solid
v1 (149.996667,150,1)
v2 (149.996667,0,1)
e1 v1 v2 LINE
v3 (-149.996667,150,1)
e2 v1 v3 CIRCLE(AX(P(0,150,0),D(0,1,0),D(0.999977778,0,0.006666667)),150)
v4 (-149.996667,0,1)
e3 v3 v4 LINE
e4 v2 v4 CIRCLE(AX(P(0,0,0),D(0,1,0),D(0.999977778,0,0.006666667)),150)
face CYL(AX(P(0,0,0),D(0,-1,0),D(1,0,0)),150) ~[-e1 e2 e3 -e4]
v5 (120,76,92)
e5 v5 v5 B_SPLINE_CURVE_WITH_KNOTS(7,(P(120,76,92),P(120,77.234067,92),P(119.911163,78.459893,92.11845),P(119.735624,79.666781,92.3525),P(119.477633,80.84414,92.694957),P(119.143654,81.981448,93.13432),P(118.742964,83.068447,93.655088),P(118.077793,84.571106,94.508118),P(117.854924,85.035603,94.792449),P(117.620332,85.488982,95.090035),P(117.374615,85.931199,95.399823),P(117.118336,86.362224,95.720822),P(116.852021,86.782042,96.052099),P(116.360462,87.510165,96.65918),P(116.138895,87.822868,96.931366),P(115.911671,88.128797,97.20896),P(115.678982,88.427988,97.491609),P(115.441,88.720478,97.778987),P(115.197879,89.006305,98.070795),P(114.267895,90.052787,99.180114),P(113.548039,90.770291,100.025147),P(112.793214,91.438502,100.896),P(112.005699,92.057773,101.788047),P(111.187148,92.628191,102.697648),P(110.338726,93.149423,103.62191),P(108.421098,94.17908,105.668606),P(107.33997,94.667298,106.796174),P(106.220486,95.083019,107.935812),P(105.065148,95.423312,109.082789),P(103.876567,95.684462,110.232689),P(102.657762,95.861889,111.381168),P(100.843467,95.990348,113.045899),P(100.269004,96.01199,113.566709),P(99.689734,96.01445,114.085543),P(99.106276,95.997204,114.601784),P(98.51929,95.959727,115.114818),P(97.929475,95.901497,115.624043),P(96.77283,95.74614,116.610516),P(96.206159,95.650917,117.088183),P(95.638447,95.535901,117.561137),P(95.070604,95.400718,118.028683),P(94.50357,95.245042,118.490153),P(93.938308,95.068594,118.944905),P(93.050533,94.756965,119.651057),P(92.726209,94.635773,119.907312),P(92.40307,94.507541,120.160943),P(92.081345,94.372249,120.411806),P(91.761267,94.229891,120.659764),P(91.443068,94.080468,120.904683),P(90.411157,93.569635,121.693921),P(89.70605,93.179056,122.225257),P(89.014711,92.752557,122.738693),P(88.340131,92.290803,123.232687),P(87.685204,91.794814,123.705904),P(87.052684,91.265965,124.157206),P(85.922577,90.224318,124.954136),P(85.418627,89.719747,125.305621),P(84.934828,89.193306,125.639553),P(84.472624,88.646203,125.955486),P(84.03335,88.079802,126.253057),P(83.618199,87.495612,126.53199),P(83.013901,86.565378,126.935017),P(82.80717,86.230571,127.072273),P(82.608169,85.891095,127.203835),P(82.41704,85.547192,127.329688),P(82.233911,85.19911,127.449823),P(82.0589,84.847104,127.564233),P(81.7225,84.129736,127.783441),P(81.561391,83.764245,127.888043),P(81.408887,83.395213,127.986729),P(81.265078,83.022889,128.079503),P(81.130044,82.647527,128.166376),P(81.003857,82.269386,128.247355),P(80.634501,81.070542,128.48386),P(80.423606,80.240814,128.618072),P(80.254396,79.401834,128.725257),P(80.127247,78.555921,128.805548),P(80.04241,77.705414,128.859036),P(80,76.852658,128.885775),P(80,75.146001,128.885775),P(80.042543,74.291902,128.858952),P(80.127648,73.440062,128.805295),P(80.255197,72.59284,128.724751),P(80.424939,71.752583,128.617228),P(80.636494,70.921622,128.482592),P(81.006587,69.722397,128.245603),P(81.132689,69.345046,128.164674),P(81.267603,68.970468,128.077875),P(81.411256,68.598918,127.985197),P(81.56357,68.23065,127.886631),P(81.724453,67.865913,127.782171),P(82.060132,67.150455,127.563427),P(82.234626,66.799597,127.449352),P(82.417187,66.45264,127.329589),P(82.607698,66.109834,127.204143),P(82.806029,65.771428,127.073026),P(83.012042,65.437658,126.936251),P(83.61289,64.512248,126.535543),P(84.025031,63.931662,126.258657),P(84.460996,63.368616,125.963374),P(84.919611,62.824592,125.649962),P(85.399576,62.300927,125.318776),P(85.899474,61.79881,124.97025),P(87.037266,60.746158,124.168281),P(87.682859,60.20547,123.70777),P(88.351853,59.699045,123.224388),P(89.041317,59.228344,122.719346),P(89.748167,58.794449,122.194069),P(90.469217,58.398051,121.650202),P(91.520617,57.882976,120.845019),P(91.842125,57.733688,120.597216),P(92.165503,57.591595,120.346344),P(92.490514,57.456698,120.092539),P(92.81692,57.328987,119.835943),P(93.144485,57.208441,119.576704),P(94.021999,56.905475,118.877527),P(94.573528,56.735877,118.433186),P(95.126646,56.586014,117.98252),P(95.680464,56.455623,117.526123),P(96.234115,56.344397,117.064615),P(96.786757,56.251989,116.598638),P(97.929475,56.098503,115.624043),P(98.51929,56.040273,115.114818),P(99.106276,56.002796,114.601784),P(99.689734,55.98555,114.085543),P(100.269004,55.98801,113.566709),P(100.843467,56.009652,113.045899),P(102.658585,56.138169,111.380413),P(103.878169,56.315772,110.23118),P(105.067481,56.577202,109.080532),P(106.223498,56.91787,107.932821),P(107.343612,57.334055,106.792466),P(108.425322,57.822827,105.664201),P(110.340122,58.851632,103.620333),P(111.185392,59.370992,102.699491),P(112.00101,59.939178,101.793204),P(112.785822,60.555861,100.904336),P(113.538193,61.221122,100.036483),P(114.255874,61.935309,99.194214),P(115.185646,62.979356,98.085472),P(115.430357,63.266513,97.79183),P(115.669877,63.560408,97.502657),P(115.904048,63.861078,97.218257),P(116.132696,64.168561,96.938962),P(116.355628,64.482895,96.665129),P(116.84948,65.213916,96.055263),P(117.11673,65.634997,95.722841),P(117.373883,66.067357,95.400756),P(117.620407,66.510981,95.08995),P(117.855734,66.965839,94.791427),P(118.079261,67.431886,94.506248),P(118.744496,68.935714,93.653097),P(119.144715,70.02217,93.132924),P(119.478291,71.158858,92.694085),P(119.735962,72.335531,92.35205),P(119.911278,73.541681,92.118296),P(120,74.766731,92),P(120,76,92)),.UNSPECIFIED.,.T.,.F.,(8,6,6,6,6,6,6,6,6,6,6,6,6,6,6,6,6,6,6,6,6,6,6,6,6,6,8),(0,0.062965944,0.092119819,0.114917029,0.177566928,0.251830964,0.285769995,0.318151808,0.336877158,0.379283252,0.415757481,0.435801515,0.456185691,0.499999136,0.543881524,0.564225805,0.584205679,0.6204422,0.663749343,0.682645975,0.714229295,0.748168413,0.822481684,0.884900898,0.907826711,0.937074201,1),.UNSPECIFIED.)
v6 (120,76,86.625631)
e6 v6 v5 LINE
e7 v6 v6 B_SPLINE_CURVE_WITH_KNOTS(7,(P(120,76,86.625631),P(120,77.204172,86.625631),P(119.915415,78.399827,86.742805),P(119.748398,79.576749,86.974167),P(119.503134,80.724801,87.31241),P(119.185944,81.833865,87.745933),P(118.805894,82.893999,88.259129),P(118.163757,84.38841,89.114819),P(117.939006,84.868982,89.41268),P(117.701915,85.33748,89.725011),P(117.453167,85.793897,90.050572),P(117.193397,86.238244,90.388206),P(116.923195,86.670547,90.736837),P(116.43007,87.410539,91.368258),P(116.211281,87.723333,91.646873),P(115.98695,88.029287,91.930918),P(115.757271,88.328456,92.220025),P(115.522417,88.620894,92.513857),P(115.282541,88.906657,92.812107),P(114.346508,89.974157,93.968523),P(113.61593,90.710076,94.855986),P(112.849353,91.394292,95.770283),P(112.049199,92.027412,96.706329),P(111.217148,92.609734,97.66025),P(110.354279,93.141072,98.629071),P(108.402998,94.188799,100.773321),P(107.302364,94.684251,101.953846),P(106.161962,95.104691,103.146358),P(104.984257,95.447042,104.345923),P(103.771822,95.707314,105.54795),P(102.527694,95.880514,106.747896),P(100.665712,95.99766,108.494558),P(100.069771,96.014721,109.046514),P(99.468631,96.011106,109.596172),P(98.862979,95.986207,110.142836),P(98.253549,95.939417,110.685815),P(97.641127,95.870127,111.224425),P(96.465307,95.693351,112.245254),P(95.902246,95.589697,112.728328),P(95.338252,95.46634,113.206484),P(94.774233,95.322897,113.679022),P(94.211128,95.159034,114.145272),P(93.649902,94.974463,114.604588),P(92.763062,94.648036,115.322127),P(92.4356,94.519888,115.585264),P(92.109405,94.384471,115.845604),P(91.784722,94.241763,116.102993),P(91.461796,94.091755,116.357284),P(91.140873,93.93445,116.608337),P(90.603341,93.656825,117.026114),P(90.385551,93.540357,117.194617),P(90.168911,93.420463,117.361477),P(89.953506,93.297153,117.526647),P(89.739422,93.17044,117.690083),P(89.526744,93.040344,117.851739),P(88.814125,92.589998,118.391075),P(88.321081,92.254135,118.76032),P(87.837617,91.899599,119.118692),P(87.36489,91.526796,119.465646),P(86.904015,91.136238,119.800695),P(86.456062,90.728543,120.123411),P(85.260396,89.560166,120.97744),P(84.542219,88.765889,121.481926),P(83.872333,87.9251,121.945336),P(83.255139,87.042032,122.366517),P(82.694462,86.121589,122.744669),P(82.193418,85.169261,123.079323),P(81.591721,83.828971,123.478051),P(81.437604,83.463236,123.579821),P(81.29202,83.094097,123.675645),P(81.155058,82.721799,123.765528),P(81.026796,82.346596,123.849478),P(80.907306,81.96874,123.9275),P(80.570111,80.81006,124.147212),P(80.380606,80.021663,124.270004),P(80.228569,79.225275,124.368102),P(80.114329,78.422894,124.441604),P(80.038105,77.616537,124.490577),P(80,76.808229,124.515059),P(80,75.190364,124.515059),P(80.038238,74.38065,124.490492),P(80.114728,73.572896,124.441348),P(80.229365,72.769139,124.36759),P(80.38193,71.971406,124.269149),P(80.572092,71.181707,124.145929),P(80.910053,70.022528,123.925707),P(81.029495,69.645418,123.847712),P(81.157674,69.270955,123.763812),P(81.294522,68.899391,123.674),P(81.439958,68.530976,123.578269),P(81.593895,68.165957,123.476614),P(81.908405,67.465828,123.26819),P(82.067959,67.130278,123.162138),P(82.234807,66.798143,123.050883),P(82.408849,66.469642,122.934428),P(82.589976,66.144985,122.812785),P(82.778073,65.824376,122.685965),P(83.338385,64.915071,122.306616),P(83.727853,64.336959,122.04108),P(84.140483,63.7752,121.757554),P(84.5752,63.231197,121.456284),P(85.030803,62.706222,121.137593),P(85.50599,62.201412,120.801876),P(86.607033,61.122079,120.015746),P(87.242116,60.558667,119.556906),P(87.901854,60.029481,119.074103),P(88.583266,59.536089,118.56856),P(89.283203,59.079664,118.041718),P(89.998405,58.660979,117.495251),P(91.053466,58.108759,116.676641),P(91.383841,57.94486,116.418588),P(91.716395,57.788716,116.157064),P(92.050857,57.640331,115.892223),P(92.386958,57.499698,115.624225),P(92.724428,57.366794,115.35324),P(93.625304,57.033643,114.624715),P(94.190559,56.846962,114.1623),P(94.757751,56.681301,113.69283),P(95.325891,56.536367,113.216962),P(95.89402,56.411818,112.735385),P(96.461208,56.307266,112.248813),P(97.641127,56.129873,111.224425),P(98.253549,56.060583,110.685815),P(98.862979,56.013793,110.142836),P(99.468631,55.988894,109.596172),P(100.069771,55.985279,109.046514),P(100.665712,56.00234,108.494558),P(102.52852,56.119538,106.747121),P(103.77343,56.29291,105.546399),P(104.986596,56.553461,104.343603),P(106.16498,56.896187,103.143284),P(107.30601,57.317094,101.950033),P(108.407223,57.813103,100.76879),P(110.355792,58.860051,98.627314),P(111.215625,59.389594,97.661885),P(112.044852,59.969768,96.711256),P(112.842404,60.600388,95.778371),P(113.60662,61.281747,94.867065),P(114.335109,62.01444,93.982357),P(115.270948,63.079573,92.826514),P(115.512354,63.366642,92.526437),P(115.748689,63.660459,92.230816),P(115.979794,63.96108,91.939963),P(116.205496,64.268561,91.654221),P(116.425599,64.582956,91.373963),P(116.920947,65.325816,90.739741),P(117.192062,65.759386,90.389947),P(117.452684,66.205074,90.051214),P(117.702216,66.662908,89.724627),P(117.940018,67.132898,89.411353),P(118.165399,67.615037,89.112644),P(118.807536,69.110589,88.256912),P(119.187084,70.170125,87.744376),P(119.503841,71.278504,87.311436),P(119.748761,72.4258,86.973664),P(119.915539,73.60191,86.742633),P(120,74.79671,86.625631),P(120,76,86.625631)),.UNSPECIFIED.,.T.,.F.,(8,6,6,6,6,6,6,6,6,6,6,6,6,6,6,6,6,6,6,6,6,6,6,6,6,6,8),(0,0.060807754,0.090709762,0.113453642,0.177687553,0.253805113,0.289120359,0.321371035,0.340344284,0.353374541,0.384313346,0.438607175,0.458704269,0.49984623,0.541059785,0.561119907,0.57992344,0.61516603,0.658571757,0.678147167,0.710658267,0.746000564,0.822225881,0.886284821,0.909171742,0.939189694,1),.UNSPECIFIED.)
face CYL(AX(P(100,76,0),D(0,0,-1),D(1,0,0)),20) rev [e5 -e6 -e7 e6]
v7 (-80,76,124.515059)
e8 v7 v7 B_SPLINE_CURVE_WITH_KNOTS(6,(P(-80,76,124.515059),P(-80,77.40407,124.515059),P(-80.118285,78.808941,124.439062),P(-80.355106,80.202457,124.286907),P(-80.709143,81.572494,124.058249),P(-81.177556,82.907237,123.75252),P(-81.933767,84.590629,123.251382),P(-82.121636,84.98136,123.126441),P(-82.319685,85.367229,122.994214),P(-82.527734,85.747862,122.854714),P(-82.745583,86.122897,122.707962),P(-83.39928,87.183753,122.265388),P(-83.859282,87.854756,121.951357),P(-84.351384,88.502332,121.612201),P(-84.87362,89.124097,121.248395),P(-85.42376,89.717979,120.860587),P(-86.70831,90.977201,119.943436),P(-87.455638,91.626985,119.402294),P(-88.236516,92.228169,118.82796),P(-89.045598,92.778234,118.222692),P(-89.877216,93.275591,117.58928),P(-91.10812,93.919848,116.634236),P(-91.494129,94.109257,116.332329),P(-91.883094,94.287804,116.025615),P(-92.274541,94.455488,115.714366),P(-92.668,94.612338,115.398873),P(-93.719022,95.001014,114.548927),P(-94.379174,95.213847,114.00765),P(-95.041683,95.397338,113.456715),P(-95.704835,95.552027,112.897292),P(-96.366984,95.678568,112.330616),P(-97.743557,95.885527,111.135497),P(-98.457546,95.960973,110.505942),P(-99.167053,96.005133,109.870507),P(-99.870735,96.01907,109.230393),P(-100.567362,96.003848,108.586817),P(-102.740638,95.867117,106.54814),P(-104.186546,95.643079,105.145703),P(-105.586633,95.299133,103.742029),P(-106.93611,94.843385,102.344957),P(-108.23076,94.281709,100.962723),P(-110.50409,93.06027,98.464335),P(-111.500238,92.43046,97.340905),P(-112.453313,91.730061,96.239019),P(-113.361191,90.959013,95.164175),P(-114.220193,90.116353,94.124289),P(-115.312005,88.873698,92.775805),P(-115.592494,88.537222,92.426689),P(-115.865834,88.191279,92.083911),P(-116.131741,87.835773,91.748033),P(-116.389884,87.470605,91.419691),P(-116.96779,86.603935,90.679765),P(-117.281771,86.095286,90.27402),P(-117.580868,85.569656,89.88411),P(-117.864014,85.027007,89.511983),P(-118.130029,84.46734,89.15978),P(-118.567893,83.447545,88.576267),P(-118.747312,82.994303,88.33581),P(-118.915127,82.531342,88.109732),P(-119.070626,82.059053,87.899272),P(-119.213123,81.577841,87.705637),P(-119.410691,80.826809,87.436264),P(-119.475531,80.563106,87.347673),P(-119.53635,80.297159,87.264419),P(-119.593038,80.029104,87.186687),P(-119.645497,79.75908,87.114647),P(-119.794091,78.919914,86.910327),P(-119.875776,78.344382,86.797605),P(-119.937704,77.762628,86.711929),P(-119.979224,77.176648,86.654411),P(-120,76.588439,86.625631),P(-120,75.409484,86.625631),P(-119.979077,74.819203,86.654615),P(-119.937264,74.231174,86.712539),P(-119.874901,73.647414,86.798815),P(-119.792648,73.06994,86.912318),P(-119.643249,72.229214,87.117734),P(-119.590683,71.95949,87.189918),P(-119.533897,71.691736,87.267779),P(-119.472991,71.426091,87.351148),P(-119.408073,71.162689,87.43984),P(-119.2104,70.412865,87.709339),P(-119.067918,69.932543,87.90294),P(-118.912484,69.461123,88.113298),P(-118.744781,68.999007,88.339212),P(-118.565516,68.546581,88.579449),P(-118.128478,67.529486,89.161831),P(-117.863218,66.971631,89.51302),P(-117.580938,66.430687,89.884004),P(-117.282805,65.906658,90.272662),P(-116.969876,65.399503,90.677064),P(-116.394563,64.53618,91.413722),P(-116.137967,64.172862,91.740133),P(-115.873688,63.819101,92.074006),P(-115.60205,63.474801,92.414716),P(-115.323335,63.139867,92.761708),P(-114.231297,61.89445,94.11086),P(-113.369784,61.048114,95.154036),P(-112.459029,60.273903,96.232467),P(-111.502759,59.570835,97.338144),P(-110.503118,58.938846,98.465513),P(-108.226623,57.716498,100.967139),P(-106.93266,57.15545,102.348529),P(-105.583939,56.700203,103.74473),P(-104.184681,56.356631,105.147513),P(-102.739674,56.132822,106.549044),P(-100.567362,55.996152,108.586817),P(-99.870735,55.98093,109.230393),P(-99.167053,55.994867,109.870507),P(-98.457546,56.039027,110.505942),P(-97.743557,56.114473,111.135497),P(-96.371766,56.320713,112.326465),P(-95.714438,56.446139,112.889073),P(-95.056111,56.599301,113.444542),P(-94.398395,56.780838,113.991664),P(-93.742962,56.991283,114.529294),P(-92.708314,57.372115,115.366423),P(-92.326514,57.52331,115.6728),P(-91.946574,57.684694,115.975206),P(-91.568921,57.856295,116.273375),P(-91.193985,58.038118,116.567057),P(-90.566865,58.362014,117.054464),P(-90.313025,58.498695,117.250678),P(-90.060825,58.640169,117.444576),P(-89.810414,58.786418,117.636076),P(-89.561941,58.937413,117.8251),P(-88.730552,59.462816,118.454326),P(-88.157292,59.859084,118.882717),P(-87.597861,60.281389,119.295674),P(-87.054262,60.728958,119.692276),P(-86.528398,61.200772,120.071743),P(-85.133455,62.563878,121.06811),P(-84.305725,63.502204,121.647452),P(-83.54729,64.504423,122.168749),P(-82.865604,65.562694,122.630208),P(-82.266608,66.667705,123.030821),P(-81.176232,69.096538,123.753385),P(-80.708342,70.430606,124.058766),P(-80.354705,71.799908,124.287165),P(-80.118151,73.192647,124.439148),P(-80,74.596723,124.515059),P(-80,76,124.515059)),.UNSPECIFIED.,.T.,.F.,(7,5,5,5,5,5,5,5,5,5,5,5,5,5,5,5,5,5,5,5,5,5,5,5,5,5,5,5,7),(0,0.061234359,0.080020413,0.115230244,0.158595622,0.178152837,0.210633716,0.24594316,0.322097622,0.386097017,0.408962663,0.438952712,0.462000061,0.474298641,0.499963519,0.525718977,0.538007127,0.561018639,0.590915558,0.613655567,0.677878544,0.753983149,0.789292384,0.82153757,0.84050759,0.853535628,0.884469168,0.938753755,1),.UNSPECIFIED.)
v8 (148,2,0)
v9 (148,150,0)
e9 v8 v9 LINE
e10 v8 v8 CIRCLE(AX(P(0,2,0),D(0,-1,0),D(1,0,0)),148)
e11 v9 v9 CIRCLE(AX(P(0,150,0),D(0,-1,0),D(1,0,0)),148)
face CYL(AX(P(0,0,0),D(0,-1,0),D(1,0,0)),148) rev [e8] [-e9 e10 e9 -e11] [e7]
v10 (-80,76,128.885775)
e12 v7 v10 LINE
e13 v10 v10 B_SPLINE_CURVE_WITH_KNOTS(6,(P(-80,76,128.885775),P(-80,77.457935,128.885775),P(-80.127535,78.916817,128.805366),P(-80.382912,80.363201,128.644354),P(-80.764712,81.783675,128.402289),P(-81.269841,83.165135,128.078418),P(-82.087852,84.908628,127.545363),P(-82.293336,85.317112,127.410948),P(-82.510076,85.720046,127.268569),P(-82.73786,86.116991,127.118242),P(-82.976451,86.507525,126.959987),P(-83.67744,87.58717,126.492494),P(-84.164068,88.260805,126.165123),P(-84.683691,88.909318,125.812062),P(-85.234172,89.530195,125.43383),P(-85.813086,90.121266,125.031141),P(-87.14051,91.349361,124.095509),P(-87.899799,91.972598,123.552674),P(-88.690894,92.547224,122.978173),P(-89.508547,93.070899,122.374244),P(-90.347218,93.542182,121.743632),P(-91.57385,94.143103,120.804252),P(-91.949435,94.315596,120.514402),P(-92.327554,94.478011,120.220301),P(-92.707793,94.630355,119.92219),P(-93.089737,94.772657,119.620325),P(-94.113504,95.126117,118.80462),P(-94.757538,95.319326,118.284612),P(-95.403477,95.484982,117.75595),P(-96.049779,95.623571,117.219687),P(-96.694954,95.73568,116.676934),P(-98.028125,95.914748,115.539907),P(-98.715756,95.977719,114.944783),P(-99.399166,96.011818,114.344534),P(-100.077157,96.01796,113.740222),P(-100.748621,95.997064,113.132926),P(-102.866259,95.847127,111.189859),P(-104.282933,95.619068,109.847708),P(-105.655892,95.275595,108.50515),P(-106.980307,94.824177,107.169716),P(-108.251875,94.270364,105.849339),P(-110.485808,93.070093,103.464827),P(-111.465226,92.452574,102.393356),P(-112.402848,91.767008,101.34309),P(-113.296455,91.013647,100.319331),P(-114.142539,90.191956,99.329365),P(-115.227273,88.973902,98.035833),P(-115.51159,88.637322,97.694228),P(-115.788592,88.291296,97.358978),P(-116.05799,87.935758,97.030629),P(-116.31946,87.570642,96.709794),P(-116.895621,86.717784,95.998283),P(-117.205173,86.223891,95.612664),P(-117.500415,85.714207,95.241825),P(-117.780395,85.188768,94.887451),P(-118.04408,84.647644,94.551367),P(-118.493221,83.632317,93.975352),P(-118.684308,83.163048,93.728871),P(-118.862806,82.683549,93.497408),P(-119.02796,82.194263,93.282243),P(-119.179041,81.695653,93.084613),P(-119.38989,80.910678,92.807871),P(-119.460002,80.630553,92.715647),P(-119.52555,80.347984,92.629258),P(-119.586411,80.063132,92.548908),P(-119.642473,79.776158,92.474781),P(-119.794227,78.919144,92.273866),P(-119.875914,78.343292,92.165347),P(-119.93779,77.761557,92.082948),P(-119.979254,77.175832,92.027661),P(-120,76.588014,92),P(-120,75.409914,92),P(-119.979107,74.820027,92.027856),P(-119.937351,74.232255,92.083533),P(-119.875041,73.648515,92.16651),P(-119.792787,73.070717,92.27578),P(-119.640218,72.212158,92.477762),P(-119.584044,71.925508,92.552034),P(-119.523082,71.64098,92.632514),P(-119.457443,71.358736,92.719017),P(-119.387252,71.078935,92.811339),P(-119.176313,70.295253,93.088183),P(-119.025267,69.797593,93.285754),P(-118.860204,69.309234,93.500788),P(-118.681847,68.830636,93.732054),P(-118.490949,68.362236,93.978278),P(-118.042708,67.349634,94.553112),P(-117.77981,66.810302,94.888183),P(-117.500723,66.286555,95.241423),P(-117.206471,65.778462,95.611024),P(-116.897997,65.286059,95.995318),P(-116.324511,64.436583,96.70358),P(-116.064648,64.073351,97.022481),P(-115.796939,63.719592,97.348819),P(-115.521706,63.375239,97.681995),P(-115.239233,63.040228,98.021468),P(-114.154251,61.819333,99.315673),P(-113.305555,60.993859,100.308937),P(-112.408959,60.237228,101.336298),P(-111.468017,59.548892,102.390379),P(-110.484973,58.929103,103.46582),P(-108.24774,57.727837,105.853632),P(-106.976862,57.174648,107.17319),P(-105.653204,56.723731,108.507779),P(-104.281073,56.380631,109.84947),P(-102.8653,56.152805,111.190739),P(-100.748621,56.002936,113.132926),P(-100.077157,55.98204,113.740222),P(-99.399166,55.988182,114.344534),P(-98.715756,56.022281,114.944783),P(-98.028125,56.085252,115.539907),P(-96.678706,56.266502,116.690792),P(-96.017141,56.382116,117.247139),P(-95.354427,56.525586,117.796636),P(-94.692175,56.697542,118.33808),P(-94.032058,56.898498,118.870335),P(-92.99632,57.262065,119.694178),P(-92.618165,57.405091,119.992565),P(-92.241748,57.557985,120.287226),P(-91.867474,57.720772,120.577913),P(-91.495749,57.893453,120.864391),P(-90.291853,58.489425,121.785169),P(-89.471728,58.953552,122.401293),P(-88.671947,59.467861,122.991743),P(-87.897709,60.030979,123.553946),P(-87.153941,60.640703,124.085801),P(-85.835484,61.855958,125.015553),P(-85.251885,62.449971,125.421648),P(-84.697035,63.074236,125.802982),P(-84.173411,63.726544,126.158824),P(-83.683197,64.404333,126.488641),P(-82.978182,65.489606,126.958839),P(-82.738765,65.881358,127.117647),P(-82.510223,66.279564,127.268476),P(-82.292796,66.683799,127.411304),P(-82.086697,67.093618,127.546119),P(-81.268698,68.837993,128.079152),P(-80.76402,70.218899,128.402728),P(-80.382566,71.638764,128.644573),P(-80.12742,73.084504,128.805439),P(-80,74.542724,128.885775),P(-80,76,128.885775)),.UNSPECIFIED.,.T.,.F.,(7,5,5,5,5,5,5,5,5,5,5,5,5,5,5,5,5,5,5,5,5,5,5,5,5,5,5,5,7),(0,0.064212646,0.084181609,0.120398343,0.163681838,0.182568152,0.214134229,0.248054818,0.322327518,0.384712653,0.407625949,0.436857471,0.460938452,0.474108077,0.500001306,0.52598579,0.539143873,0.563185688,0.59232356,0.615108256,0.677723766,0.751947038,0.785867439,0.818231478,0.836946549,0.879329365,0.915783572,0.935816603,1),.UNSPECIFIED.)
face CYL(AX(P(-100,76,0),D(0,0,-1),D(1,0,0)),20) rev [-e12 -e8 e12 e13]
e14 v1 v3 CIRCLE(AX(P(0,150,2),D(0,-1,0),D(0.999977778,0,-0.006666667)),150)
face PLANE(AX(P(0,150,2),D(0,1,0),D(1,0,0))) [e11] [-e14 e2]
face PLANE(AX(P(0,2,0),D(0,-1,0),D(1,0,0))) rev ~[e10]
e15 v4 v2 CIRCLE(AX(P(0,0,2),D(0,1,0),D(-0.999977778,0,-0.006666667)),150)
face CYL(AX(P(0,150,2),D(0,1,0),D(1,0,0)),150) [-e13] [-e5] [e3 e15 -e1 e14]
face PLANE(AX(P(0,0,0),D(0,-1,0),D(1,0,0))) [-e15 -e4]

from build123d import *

# Parameters (mm, degrees)
ESQUISSE2_R             = 150
BOSS_EXTRU_1_DEPTH      = 150
ESQUISSE3_R             = 148
ENL_V_MAT_EXTRU_1_DEPTH = 148
ESQUISSE5_R             = 150
BOSS_EXTRU_2_DEPTH      = 150
ESQUISSE6_R             = 148
ENL_V_MAT_EXTRU_2_DEPTH = 177
ESQUISSE7_R             = 148
BOSS_EXTRU_3_DEPTH      = 2
ESQUISSE9_R             = 20
ENL_V_MAT_EXTRU_3_DEPTH = 200


with BuildPart() as part:
    # Esquisse2 → Boss.-Extru.1 (new body)
    with BuildSketch(Plane(origin=(0, 0, 0), x_dir=(1, 0, 0), z_dir=(0, 1, 0))):
        Circle(ESQUISSE2_R)
    extrude(amount=BOSS_EXTRU_1_DEPTH)

    # Esquisse3 → Enlèv. mat.-Extru.1 (cut)
    with BuildSketch(Plane(origin=(0, 0, 0), x_dir=(1, 0, 0), z_dir=(0, 1, 0))):
        Circle(ESQUISSE3_R)
    extrude(amount=ENL_V_MAT_EXTRU_1_DEPTH, mode=Mode.SUBTRACT)

    # Esquisse5 → Boss.-Extru.2 (add)
    with BuildSketch(Plane(origin=(0, 150, 0), x_dir=(1, 0, 0), z_dir=(0, 1, 0))):
        with Locations((0, -2)):
            Circle(ESQUISSE5_R)
    extrude(amount=-BOSS_EXTRU_2_DEPTH)

    # Esquisse6 → Enlèv. mat.-Extru.2 (cut)
    with BuildSketch(Plane(origin=(0, 0, 0), x_dir=(1, 0, 0), z_dir=(0, 1, 0))):
        Circle(ESQUISSE6_R)
    extrude(amount=ENL_V_MAT_EXTRU_2_DEPTH, mode=Mode.SUBTRACT)

    # Esquisse7 → Boss.-Extru.3 (add)
    with BuildSketch(Plane.XZ):
        Circle(ESQUISSE7_R)
    extrude(amount=-BOSS_EXTRU_3_DEPTH)

    # Esquisse9 → Enlèv. mat.-Extru.3 (cut)
    with BuildSketch(Plane.XY):
        with Locations((-100, 76)):
            Circle(ESQUISSE9_R)
        with Locations((100, 76)):
            Circle(ESQUISSE9_R)
    extrude(amount=ENL_V_MAT_EXTRU_3_DEPTH, mode=Mode.SUBTRACT)


solid = part.part
